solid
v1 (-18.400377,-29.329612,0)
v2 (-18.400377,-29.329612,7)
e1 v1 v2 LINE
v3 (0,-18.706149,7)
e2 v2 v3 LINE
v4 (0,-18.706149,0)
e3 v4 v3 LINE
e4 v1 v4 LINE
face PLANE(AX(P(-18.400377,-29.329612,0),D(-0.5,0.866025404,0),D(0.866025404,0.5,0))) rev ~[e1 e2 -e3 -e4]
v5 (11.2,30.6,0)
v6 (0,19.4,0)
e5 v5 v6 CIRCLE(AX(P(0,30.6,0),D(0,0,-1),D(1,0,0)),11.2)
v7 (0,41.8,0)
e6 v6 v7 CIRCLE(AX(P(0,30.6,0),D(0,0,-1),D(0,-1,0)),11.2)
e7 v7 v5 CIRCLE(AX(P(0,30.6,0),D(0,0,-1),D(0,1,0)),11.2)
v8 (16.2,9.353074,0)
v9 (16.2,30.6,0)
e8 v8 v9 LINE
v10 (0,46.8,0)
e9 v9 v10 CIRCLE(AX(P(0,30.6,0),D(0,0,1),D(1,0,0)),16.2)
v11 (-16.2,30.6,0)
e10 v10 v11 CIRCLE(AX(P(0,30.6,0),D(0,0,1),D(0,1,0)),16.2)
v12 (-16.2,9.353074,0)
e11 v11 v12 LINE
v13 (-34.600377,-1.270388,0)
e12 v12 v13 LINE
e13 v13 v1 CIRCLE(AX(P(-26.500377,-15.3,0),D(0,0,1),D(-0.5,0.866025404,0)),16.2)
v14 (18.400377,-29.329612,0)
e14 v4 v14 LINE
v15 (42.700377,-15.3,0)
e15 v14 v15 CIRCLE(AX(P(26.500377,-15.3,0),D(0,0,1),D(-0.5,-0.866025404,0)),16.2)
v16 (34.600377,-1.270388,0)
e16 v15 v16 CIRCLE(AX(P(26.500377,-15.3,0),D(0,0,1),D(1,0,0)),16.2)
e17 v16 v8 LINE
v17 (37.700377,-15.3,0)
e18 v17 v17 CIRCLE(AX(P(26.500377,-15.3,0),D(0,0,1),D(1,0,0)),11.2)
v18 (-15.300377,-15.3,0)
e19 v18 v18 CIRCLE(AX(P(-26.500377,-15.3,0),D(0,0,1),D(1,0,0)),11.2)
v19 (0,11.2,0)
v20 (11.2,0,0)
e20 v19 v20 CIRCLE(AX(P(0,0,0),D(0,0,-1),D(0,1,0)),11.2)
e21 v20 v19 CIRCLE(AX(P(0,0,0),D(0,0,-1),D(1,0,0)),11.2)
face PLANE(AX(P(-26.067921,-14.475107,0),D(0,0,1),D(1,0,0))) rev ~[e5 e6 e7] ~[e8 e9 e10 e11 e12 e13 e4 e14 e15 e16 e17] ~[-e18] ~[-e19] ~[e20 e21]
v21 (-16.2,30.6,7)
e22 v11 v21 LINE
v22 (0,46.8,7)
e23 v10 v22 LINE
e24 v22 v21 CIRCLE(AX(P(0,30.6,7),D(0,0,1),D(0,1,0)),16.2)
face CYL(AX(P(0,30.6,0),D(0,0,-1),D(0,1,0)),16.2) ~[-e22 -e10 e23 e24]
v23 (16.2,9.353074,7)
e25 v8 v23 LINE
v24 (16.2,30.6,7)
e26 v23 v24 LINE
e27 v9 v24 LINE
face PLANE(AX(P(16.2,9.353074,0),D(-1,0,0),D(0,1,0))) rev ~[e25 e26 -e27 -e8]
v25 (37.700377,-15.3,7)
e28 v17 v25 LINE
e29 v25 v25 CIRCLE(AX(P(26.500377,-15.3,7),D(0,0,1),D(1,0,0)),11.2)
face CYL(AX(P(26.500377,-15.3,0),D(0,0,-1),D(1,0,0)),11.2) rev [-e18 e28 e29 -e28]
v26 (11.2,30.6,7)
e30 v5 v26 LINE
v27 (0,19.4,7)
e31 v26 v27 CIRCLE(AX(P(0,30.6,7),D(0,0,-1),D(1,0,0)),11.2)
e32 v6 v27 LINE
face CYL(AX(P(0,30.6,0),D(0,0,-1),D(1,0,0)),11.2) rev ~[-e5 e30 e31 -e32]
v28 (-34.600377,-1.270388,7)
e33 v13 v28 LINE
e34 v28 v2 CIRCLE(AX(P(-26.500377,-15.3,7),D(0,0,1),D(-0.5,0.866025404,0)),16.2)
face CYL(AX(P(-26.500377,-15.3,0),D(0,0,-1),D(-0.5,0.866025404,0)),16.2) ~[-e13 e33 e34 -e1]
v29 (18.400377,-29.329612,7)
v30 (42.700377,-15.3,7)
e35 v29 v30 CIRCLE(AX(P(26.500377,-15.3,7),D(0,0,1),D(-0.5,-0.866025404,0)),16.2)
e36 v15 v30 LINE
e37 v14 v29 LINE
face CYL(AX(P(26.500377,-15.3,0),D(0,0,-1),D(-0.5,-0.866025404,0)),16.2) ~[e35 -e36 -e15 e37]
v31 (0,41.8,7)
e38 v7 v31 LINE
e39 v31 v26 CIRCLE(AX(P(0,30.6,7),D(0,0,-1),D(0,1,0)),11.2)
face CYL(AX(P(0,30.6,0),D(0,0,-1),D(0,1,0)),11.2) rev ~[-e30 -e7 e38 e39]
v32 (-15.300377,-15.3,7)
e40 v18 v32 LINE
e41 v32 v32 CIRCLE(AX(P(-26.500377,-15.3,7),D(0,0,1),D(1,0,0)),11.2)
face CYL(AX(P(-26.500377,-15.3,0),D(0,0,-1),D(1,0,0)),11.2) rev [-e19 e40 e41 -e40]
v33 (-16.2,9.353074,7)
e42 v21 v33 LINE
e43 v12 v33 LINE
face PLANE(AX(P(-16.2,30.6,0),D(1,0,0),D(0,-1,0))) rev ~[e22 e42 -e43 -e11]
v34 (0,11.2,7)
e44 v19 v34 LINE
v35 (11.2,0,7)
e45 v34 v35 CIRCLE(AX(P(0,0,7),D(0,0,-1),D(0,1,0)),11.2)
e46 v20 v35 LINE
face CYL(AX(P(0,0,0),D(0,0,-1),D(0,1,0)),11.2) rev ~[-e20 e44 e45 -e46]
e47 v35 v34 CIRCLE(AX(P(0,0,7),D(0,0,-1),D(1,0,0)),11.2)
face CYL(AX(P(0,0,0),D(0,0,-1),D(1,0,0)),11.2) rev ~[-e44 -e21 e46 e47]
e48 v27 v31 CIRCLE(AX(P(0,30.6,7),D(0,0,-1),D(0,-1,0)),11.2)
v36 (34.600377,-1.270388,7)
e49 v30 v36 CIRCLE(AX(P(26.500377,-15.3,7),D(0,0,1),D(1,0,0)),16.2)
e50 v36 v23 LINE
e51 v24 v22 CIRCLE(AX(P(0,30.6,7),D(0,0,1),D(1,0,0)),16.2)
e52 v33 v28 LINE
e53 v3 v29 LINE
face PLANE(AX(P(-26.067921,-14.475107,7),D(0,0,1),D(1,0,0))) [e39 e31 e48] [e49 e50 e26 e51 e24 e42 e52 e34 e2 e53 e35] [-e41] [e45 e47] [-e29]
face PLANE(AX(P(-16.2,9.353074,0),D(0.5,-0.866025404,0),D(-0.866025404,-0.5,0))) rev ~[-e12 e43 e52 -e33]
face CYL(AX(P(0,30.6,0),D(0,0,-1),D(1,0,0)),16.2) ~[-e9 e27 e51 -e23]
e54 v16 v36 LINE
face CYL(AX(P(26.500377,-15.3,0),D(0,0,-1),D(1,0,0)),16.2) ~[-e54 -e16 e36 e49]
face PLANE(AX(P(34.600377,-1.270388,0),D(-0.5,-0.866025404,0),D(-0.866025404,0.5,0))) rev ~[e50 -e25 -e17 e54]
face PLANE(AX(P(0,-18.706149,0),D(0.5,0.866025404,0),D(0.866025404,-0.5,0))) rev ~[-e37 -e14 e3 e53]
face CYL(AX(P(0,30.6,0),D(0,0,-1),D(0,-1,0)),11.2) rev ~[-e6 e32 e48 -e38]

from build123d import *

# Parameters (mm, degrees)
F0_R     = 11.2
F1_DEPTH = 7


with BuildPart() as f1:
    # F0 (on Top) → F1 (new body)
    with BuildSketch(Plane.XY):
        with BuildLine():
            ThreePointArc((-10.5879527755, -12.2611278447), (-14.0296115413, -8.1), (-15.9124245803, -3.0388721553))
            ThreePointArc((-15.9124245803, -3.0388721553), (-24.9741529622, 0.8279459046), (-34.6003773558, -1.2703884587))
            ThreePointArc((-34.6003773558, -1.2703884587), (-40.5299888971, -23.4), (-18.4003773558, -29.3296115413))
            ThreePointArc((-18.4003773558, -29.3296115413), (-12.4707658145, -23.4), (-10.3003773558, -15.3))
            ThreePointArc((-10.3003773558, -15.3), (-10.3724314512, -13.7737756064), (-10.5879527755, -12.2611278447))
        make_face()
        with Locations((-26.5003773558, -15.3)):
            Circle(F0_R, mode=Mode.SUBTRACT)
        with BuildLine():
            ThreePointArc((-15.9124245803, -3.0388721553), (-16.1279459046, -1.5262243936), (-16.2, 0))
            Line((-16.2, 0), (-16.2, 9.3530743609))
            Line((-16.2, 9.3530743609), (-34.6003773558, -1.2703884587))
            ThreePointArc((-34.6003773558, -1.2703884587), (-24.9741529622, 0.8279459046), (-15.9124245803, -3.0388721553))
        make_face()
        with BuildLine():
            ThreePointArc((-10.5879527755, -12.2611278447), (-12.4707658145, -7.2), (-15.9124245803, -3.0388721553))
            ThreePointArc((-15.9124245803, -3.0388721553), (-14.0296115413, -8.1), (-10.5879527755, -12.2611278447))
        make_face()
        with BuildLine():
            ThreePointArc((5.3244718048, 15.3), (2.7, 14.6265845856), (0, 14.4))
            ThreePointArc((0, 14.4), (-2.7, 14.6265845856), (-5.3244718048, 15.3))
            ThreePointArc((-5.3244718048, 15.3), (-6.7422238556, 14.730323061), (-8.1, 14.0296115413))
            ThreePointArc((-8.1, 14.0296115413), (-14.0296115413, 8.1), (-16.2, 0))
            ThreePointArc((-16.2, 0), (-16.1279459046, -1.5262243936), (-15.9124245803, -3.0388721553))
            ThreePointArc((-15.9124245803, -3.0388721553), (-12.4707658145, -7.2), (-10.5879527755, -12.2611278447))
            ThreePointArc((-10.5879527755, -12.2611278447), (-9.385722049, -13.2040986674), (-8.1, -14.0296115413))
            ThreePointArc((-8.1, -14.0296115413), (0, -16.2), (8.1, -14.0296115413))
            ThreePointArc((8.1, -14.0296115413), (9.385722049, -13.2040986674), (10.5879527755, -12.2611278447))
            ThreePointArc((10.5879527755, -12.2611278447), (12.4707658145, -7.2), (15.9124245803, -3.0388721553))
            ThreePointArc((15.9124245803, -3.0388721553), (16.1279459046, -1.5262243936), (16.2, 0))
            ThreePointArc((16.2, 0), (14.0296115413, 8.1), (8.1, 14.0296115413))
            ThreePointArc((8.1, 14.0296115413), (6.7422238556, 14.730323061), (5.3244718048, 15.3))
        make_face()
        with BuildLine():
            ThreePointArc((0, 11.2), (7.9195959493, 7.9195959493), (11.2, 0))
            ThreePointArc((11.2, 0), (-7.9195959493, -7.9195959493), (0, 11.2))
        make_face(mode=Mode.SUBTRACT)
        with BuildLine():
            ThreePointArc((-16.2, 0), (-14.0296115413, 8.1), (-8.1, 14.0296115413))
            Line((-8.1, 14.0296115413), (-16.2, 9.3530743609))
            Line((-16.2, 9.3530743609), (-16.2, 0))
        make_face()
        with BuildLine():
            ThreePointArc((-8.1, 14.0296115413), (-6.7422238556, 14.730323061), (-5.3244718048, 15.3))
            ThreePointArc((-5.3244718048, 15.3), (-13.2040986674, 21.214277951), (-16.2, 30.6))
            Line((-16.2, 30.6), (-16.2, 9.3530743609))
            Line((-16.2, 9.3530743609), (-8.1, 14.0296115413))
        make_face()
        with BuildLine():
            Line((0, 16.2), (0, 14.4))
            ThreePointArc((0, 14.4), (2.7, 14.6265845856), (5.3244718048, 15.3))
            ThreePointArc((5.3244718048, 15.3), (2.7, 15.9734154144), (0, 16.2))
        make_face()
        with BuildLine():
            ThreePointArc((-5.3244718048, 15.3), (-2.7, 14.6265845856), (0, 14.4))
            Line((0, 14.4), (0, 16.2))
            ThreePointArc((0, 16.2), (-2.7, 15.9734154144), (-5.3244718048, 15.3))
        make_face()
        with BuildLine():
            ThreePointArc((-5.3244718048, 15.3), (-2.7, 15.9734154144), (0, 16.2))
            Line((0, 16.2), (0, 19.4))
            ThreePointArc((0, 19.4), (-11.2, 30.6), (0, 41.8))
            Line((0, 41.8), (0, 46.8))
            ThreePointArc((0, 46.8), (-11.4551298552, 42.0551298552), (-16.2, 30.6))
            ThreePointArc((-16.2, 30.6), (-13.2040986674, 21.214277951), (-5.3244718048, 15.3))
        make_face()
        with BuildLine():
            Line((0, 19.4), (0, 16.2))
            ThreePointArc((0, 16.2), (2.7, 15.9734154144), (5.3244718048, 15.3))
            ThreePointArc((5.3244718048, 15.3), (13.2040986674, 21.214277951), (16.2, 30.6))
            ThreePointArc((16.2, 30.6), (11.4551298552, 42.0551298552), (0, 46.8))
            Line((0, 46.8), (0, 41.8))
            ThreePointArc((0, 41.8), (7.9195959493, 38.5195959493), (11.2, 30.6))
            ThreePointArc((11.2, 30.6), (7.9195959493, 22.6804040507), (0, 19.4))
        make_face()
        with BuildLine():
            Line((16.2, 9.3530743609), (8.1, 14.0296115413))
            ThreePointArc((8.1, 14.0296115413), (14.0296115413, 8.1), (16.2, 0))
            Line((16.2, 0), (16.2, 9.3530743609))
        make_face()
        with BuildLine():
            ThreePointArc((16.2, 30.6), (13.2040986674, 21.214277951), (5.3244718048, 15.3))
            ThreePointArc((5.3244718048, 15.3), (6.7422238556, 14.730323061), (8.1, 14.0296115413))
            Line((8.1, 14.0296115413), (16.2, 9.3530743609))
            Line((16.2, 9.3530743609), (16.2, 30.6))
        make_face()
        with BuildLine():
            Line((16.2, 9.3530743609), (16.2, 0))
            ThreePointArc((16.2, 0), (16.1279459046, -1.5262243936), (15.9124245803, -3.0388721553))
            ThreePointArc((15.9124245803, -3.0388721553), (24.9741529622, 0.8279459046), (34.6003773558, -1.2703884587))
            Line((34.6003773558, -1.2703884587), (16.2, 9.3530743609))
        make_face()
        with BuildLine():
            ThreePointArc((18.4003773558, -29.3296115413), (11.7700542948, -22.0422238556), (10.5879527755, -12.2611278447))
            ThreePointArc((10.5879527755, -12.2611278447), (9.385722049, -13.2040986674), (8.1, -14.0296115413))
            Line((8.1, -14.0296115413), (0, -18.7061487217))
            Line((0, -18.7061487217), (18.4003773558, -29.3296115413))
        make_face()
        with BuildLine():
            ThreePointArc((-8.1, -14.0296115413), (-9.385722049, -13.2040986674), (-10.5879527755, -12.2611278447))
            ThreePointArc((-10.5879527755, -12.2611278447), (-10.3724314512, -13.7737756064), (-10.3003773558, -15.3))
            ThreePointArc((-10.3003773558, -15.3), (-12.4707658145, -23.4), (-18.4003773558, -29.3296115413))
            Line((-18.4003773558, -29.3296115413), (0, -18.7061487217))
            Line((0, -18.7061487217), (-8.1, -14.0296115413))
        make_face()
        with BuildLine():
            ThreePointArc((34.6003773558, -1.2703884587), (24.9741529622, 0.8279459046), (15.9124245803, -3.0388721553))
            ThreePointArc((15.9124245803, -3.0388721553), (14.0296115413, -8.1), (10.5879527755, -12.2611278447))
            ThreePointArc((10.5879527755, -12.2611278447), (11.7700542948, -22.0422238556), (18.4003773558, -29.3296115413))
            ThreePointArc((18.4003773558, -29.3296115413), (34.6003773558, -29.3296115413), (42.7003773558, -15.3))
            ThreePointArc((42.7003773558, -15.3), (40.5299888971, -7.2), (34.6003773558, -1.2703884587))
        make_face()
        with Locations((26.5003773558, -15.3)):
            Circle(F0_R, mode=Mode.SUBTRACT)
        with BuildLine():
            ThreePointArc((8.1, -14.0296115413), (0, -16.2), (-8.1, -14.0296115413))
            Line((-8.1, -14.0296115413), (0, -18.7061487217))
            Line((0, -18.7061487217), (8.1, -14.0296115413))
        make_face()
        with BuildLine():
            ThreePointArc((10.5879527755, -12.2611278447), (14.0296115413, -8.1), (15.9124245803, -3.0388721553))
            ThreePointArc((15.9124245803, -3.0388721553), (12.4707658145, -7.2), (10.5879527755, -12.2611278447))
        make_face()
    extrude(amount=F1_DEPTH)


solid = f1.part
